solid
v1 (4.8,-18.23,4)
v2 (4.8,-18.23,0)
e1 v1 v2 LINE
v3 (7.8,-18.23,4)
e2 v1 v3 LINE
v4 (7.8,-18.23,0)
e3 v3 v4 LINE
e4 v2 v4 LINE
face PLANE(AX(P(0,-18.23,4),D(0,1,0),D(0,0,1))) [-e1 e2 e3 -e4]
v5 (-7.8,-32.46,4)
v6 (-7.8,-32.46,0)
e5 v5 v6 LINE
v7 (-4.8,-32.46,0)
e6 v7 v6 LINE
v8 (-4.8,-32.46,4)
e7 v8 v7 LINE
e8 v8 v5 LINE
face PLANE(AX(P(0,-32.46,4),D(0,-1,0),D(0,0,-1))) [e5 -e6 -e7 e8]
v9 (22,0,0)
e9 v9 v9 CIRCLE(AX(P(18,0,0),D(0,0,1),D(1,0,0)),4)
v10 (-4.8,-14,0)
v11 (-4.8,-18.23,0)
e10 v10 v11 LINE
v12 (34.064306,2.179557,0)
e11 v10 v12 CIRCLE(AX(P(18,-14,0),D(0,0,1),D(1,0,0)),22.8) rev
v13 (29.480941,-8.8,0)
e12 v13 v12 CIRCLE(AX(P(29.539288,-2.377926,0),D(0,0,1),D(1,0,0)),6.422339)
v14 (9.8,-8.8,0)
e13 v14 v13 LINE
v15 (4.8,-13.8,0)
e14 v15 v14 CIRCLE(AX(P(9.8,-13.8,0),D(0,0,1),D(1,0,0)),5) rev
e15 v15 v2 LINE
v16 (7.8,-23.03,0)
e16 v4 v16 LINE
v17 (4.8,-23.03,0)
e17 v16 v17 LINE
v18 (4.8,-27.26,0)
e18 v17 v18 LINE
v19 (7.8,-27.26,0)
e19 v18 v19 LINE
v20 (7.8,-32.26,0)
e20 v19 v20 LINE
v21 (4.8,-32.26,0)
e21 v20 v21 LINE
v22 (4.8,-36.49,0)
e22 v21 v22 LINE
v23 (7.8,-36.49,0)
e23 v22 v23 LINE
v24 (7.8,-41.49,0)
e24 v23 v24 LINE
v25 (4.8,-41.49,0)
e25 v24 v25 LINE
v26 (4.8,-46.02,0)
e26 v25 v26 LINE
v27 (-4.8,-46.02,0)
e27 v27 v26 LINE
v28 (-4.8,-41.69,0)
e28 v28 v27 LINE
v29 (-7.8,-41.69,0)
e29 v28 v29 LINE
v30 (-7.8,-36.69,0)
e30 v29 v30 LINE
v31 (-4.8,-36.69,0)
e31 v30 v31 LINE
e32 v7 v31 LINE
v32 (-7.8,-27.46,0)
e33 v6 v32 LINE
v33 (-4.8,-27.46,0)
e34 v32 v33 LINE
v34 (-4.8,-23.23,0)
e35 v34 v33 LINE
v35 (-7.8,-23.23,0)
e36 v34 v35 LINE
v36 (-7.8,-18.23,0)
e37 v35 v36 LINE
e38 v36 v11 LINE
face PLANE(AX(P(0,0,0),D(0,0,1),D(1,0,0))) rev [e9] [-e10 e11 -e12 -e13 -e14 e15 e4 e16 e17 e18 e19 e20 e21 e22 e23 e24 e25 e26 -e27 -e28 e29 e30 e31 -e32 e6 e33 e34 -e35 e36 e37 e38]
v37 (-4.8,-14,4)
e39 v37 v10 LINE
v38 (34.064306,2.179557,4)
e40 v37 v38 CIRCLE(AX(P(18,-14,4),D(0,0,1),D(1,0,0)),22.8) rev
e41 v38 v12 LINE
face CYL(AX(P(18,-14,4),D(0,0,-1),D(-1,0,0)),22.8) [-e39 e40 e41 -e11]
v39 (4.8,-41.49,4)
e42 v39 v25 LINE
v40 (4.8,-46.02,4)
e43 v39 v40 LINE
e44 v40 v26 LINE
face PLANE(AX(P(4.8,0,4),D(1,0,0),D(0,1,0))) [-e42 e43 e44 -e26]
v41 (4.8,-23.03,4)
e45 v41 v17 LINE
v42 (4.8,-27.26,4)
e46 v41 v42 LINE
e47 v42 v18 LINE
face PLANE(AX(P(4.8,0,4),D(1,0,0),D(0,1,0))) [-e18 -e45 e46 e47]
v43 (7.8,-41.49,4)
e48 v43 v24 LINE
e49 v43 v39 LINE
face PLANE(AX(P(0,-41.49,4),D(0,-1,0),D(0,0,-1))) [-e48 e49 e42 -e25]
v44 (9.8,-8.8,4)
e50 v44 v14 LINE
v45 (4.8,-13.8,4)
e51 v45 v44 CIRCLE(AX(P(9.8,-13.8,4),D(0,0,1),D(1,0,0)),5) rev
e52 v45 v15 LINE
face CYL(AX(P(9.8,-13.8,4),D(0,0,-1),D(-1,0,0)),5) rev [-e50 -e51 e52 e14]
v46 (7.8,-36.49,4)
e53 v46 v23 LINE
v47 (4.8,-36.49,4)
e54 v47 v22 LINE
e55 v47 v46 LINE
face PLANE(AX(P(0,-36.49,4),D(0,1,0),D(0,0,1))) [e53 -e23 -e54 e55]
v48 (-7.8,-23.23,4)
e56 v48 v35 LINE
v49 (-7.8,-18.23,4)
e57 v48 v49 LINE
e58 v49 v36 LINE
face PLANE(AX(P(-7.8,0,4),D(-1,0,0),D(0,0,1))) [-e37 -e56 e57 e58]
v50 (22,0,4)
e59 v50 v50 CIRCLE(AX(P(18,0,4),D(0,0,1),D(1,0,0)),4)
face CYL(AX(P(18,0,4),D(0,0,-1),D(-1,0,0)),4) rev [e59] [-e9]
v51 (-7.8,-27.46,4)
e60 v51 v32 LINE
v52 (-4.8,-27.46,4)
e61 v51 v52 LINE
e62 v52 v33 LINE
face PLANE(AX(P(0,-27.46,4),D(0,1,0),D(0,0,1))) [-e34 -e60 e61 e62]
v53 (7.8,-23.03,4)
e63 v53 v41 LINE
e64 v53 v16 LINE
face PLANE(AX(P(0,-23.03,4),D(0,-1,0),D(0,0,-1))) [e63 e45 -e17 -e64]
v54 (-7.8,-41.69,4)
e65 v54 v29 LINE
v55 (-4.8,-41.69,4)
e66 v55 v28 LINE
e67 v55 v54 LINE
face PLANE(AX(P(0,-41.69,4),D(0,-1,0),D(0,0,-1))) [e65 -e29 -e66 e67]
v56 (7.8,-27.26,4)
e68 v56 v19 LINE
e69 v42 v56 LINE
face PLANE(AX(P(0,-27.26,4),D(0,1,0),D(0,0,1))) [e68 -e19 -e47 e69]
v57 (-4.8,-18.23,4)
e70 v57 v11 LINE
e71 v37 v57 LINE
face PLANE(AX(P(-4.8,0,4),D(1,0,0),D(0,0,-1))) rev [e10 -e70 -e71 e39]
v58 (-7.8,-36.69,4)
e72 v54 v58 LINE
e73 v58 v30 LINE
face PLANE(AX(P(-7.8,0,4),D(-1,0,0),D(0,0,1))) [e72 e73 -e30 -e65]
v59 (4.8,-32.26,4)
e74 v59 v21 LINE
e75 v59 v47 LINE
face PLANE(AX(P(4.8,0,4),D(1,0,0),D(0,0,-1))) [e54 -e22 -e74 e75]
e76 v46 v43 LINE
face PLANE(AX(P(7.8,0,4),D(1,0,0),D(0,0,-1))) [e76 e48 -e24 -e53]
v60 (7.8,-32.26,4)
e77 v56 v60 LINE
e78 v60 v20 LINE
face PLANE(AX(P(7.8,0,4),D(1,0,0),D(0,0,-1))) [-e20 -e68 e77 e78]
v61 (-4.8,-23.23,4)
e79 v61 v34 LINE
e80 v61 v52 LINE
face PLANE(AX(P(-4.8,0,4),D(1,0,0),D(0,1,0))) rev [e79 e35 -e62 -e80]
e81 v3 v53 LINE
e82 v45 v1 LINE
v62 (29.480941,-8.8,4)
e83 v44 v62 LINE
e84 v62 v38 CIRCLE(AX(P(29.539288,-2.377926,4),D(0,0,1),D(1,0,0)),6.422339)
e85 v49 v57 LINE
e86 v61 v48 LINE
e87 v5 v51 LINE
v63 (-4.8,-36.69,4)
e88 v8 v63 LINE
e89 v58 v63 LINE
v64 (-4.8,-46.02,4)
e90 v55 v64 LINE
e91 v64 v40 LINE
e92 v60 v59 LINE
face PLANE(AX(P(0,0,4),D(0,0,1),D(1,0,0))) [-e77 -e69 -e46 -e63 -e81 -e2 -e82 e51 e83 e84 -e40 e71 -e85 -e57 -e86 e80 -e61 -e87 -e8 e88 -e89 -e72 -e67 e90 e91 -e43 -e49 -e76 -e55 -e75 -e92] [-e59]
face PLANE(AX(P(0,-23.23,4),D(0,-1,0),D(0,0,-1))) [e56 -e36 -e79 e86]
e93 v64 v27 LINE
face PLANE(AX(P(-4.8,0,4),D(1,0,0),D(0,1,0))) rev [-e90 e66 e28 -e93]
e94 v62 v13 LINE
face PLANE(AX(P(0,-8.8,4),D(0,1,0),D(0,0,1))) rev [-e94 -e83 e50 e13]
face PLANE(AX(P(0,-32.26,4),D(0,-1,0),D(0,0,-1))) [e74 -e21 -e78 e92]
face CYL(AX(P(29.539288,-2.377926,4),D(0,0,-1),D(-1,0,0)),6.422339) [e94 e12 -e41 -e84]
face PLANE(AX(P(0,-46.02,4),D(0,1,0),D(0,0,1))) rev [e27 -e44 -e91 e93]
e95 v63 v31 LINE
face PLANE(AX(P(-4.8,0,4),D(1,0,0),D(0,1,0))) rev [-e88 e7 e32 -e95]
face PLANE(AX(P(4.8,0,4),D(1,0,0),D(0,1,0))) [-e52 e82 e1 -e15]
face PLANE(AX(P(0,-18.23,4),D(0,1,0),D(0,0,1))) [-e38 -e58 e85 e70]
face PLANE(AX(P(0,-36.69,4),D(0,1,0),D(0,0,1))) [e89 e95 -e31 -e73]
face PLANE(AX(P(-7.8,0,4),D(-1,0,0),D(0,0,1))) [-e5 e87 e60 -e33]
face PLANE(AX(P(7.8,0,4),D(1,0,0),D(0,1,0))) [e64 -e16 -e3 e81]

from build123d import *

# Parameters (mm, degrees)
SKETCH_1_R      = 4
EXTRUDE_1_DEPTH = 4


with BuildPart() as part:
    # 草图1 → 凸台-拉伸1 (new body)
    with BuildSketch(Plane.XY):
        with BuildLine():
            ThreePointArc((34.064306358, 2.179556892), (9.237186096, 7.048826392), (-4.8, -14))
            Line((-4.8, -14), (-4.8, -18.23))
            Line((-4.8, -18.23), (-7.8, -18.23))
            Line((-7.8, -18.23), (-7.8, -23.23))
            Line((-7.8, -23.23), (-4.8, -23.23))
            Line((-4.8, -23.23), (-4.8, -27.46))
            Line((-4.8, -27.46), (-7.8, -27.46))
            Line((-7.8, -27.46), (-7.8, -32.46))
            Line((-7.8, -32.46), (-4.8, -32.46))
            Line((-4.8, -32.46), (-4.8, -36.69))
            Line((-4.8, -36.69), (-7.8, -36.69))
            Line((-7.8, -36.69), (-7.8, -41.69))
            Line((-7.8, -41.69), (-4.8, -41.69))
            Line((-4.8, -41.69), (-4.8, -46.02))
            Line((-4.8, -46.02), (4.8, -46.02))
            Line((4.8, -46.02), (4.8, -41.49))
            Line((4.8, -41.49), (7.8, -41.49))
            Line((7.8, -41.49), (7.8, -36.49))
            Line((7.8, -36.49), (4.8, -36.49))
            Line((4.8, -36.49), (4.8, -32.26))
            Line((4.8, -32.26), (7.8, -32.26))
            Line((7.8, -32.26), (7.8, -27.26))
            Line((7.8, -27.26), (4.8, -27.26))
            Line((4.8, -27.26), (4.8, -23.03))
            Line((4.8, -23.03), (7.8, -23.03))
            Line((7.8, -23.03), (7.8, -18.23))
            Line((7.8, -18.23), (4.8, -18.23))
            Line((4.8, -18.23), (4.8, -13.8))
            ThreePointArc((4.8, -13.8), (6.264466094, -10.264466094), (9.8, -8.8))
            Line((9.8, -8.8), (18, -8.8))
            Line((18, -8.8), (29.480940848, -8.8))
            ThreePointArc((29.480940848, -8.8), (35.465961002, -4.851988259), (34.064306358, 2.179556892))
        make_face()
        with Locations((18, 0)):
            Circle(SKETCH_1_R, mode=Mode.SUBTRACT)
    extrude(amount=EXTRUDE_1_DEPTH)


solid = part.part
